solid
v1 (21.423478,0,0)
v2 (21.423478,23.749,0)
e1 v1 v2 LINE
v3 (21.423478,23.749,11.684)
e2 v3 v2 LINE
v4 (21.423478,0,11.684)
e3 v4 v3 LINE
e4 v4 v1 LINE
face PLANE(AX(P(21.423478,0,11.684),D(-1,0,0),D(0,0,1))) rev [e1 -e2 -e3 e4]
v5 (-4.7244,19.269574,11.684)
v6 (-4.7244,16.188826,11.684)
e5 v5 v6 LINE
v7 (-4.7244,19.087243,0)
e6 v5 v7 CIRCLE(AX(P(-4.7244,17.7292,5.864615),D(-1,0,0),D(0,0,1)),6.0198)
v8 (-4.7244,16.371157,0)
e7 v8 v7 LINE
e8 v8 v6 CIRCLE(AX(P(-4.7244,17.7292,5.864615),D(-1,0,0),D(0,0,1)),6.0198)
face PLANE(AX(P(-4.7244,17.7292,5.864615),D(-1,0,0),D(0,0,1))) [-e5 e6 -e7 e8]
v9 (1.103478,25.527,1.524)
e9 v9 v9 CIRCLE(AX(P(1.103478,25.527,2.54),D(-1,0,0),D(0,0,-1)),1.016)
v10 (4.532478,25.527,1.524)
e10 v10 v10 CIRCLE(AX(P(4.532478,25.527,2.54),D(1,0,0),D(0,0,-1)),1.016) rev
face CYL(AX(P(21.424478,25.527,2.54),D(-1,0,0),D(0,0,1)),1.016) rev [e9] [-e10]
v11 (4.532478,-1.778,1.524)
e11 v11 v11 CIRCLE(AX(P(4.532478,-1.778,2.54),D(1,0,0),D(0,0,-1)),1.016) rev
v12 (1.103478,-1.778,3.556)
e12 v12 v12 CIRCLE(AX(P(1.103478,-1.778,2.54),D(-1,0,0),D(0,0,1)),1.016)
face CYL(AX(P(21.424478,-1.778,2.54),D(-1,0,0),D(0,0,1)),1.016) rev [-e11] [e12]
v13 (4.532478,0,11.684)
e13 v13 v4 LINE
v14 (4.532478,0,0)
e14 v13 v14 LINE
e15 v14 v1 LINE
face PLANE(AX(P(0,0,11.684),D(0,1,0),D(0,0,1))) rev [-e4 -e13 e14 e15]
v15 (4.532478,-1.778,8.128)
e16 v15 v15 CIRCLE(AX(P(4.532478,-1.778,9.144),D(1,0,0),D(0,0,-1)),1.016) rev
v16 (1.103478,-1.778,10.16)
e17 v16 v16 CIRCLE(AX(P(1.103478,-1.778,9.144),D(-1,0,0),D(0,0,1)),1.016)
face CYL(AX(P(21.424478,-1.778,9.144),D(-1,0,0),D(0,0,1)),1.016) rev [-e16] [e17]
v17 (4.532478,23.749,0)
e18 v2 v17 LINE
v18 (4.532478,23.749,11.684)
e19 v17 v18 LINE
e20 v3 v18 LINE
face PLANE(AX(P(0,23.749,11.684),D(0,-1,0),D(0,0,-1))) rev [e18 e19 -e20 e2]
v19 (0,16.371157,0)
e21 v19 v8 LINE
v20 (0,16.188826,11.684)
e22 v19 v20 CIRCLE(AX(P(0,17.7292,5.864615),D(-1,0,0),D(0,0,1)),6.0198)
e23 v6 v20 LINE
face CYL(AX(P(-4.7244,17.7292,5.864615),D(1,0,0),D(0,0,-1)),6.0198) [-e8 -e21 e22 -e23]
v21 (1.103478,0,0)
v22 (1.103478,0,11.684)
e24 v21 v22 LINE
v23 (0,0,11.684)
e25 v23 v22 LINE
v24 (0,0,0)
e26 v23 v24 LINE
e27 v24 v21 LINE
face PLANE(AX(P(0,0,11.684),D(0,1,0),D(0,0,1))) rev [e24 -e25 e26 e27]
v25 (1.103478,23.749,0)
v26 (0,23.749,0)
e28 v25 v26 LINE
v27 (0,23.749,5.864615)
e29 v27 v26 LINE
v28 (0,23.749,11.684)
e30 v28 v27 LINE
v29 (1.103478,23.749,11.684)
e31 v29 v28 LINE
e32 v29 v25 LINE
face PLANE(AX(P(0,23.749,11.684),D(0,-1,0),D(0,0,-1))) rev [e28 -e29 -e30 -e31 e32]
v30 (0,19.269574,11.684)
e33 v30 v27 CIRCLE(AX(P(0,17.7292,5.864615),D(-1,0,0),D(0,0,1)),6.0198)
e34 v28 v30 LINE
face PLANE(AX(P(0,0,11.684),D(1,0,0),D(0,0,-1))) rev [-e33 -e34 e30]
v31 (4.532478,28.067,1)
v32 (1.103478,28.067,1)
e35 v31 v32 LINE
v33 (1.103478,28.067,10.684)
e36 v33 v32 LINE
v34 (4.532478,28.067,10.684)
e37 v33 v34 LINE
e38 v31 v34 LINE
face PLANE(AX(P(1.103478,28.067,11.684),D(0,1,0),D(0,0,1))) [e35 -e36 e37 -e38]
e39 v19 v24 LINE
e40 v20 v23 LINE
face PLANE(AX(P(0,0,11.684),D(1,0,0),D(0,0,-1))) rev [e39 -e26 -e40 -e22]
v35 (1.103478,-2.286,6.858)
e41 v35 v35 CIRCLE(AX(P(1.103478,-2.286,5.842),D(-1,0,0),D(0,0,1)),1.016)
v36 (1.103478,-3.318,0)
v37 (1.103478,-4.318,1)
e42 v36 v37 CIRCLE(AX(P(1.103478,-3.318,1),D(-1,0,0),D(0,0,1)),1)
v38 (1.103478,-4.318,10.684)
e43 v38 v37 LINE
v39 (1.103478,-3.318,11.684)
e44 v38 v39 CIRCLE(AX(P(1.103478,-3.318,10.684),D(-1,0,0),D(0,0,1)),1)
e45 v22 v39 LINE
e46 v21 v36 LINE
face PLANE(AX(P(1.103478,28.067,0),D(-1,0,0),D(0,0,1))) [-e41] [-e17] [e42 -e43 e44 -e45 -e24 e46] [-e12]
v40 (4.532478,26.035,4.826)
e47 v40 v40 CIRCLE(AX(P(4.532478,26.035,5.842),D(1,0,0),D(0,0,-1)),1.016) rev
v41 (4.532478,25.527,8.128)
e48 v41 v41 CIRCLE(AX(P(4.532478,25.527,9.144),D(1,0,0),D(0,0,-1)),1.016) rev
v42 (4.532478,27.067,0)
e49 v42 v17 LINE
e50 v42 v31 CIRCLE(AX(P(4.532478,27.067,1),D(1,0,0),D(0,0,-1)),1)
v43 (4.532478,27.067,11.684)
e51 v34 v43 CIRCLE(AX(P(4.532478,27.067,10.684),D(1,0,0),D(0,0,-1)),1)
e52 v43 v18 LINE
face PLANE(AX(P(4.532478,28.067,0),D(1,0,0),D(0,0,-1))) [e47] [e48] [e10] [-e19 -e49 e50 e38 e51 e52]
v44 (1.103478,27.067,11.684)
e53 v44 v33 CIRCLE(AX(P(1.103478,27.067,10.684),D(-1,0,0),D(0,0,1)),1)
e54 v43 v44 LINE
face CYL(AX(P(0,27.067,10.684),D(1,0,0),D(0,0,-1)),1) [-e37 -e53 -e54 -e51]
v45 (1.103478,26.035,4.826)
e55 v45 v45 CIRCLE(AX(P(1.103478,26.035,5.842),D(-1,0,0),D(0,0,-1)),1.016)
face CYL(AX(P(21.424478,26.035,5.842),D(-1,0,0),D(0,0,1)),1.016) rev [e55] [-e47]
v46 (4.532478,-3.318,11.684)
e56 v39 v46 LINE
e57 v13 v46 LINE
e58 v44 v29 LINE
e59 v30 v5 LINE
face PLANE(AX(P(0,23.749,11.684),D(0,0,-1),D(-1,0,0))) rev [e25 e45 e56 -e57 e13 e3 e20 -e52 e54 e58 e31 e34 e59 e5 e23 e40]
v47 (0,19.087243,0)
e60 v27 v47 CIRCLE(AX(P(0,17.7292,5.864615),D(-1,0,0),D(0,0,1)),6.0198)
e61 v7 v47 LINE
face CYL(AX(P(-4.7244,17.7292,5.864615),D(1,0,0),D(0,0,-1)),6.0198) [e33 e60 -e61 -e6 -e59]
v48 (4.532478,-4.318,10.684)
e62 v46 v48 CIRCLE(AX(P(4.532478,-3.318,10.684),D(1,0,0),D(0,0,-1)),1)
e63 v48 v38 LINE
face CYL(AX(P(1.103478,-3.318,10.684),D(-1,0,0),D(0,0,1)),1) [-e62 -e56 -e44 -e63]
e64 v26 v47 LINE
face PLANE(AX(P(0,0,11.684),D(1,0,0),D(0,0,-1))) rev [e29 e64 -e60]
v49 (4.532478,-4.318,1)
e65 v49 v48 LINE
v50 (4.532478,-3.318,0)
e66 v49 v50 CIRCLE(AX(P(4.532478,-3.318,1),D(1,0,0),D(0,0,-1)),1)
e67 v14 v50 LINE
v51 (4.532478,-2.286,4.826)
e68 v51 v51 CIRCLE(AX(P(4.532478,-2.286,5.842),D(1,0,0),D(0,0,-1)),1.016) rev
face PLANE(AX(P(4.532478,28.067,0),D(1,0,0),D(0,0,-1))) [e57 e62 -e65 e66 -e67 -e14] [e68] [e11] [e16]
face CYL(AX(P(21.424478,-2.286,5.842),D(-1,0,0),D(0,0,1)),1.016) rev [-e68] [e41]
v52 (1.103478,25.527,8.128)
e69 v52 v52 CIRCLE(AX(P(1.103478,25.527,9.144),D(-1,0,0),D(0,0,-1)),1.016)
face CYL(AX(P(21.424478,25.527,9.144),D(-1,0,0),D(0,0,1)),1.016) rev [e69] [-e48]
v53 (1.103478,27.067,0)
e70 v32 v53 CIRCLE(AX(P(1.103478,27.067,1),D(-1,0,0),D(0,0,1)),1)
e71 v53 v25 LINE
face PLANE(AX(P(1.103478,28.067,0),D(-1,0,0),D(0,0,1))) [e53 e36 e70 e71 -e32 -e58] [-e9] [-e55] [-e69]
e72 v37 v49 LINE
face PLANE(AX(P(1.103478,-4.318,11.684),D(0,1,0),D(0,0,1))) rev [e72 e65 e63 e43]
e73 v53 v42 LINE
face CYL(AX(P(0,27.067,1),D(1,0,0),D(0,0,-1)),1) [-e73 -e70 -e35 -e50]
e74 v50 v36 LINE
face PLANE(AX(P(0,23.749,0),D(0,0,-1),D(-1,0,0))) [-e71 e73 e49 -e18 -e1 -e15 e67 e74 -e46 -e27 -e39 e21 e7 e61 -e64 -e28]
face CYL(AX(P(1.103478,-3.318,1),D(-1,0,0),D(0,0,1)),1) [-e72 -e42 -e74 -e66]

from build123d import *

# Parameters (mm, degrees)
ESQUISSE1_W             = 21.4234776
ESQUISSE1_H             = 23.749
BOSS_EXTRU_1_DEPTH      = 11.684
BOSS_EXTRU_2_DEPTH      = 4.318
BOSS_EXTRU_2_DEPTH_BACK = 28.067
ESQUISSE2_W             = 3.429
ESQUISSE2_H             = 11.684
ENL_V_MAT_EXTRU_1_REACH = 38.567
ESQUISSE4_R             = 1.016
CONG_1_R                = 1
ESQUISSE5_R             = 6.0198
BOSS_EXTRU_3_DEPTH      = 4.7244
ESQUISSE6_W             = 1
ESQUISSE6_H             = 23.749
ENL_V_MAT_EXTRU_2_DEPTH = 4.7244


with BuildPart() as part:
    # Esquisse1 → Boss.-Extru.1 (new body)
    with BuildSketch(Plane.XY):
        with Locations((10.7117388, 11.8745)):
            Rectangle(ESQUISSE1_W, ESQUISSE1_H)
    extrude(amount=BOSS_EXTRU_1_DEPTH)

    # Esquisse2 → Boss.-Extru.2 (add, two sides: drawn at the far end of the back side and taken through both)
    with BuildSketch(Plane.XZ.offset(-BOSS_EXTRU_2_DEPTH_BACK)):
        with Locations((2.8179776, 5.842)):
            Rectangle(ESQUISSE2_W, ESQUISSE2_H)
    extrude(amount=BOSS_EXTRU_2_DEPTH + BOSS_EXTRU_2_DEPTH_BACK)

    # Esquisse4 → Enlèv. mat.-Extru.1 (cut, up to next)
    with BuildSketch(Plane.ZY.offset(-1.1034776), mode=Mode.PRIVATE) as enl_v_mat_extru_1_sk1:
        with Locations((2.54, -1.778)):
            Circle(ESQUISSE4_R)
    enl_v_mat_extru_1_tool1 = extrude(enl_v_mat_extru_1_sk1.sketch, amount=-ENL_V_MAT_EXTRU_1_REACH, mode=Mode.PRIVATE) & part.part
    # Esquisse4 → Enlèv. mat.-Extru.1 (cut, up to next)
    with BuildSketch(Plane.ZY.offset(-1.1034776), mode=Mode.PRIVATE) as enl_v_mat_extru_1_sk2:
        with Locations((5.842, -2.286)):
            Circle(ESQUISSE4_R)
    enl_v_mat_extru_1_tool2 = extrude(enl_v_mat_extru_1_sk2.sketch, amount=-ENL_V_MAT_EXTRU_1_REACH, mode=Mode.PRIVATE) & part.part
    # Esquisse4 → Enlèv. mat.-Extru.1 (cut, up to next)
    with BuildSketch(Plane.ZY.offset(-1.1034776), mode=Mode.PRIVATE) as enl_v_mat_extru_1_sk3:
        with Locations((9.144, -1.778)):
            Circle(ESQUISSE4_R)
    enl_v_mat_extru_1_tool3 = extrude(enl_v_mat_extru_1_sk3.sketch, amount=-ENL_V_MAT_EXTRU_1_REACH, mode=Mode.PRIVATE) & part.part
    # Esquisse4 → Enlèv. mat.-Extru.1 (cut, up to next)
    with BuildSketch(Plane.ZY.offset(-1.1034776), mode=Mode.PRIVATE) as enl_v_mat_extru_1_sk4:
        with Locations(Location((9.144, 25.527, 0), (0, 0, 180))):
            Circle(ESQUISSE4_R)
    enl_v_mat_extru_1_tool4 = extrude(enl_v_mat_extru_1_sk4.sketch, amount=-ENL_V_MAT_EXTRU_1_REACH, mode=Mode.PRIVATE) & part.part
    # Esquisse4 → Enlèv. mat.-Extru.1 (cut, up to next)
    with BuildSketch(Plane.ZY.offset(-1.1034776), mode=Mode.PRIVATE) as enl_v_mat_extru_1_sk5:
        with Locations(Location((5.842, 26.035, 0), (0, 0, 180))):
            Circle(ESQUISSE4_R)
    enl_v_mat_extru_1_tool5 = extrude(enl_v_mat_extru_1_sk5.sketch, amount=-ENL_V_MAT_EXTRU_1_REACH, mode=Mode.PRIVATE) & part.part
    # Esquisse4 → Enlèv. mat.-Extru.1 (cut, up to next)
    with BuildSketch(Plane.ZY.offset(-1.1034776), mode=Mode.PRIVATE) as enl_v_mat_extru_1_sk6:
        with Locations(Location((2.54, 25.527, 0), (0, 0, 180))):
            Circle(ESQUISSE4_R)
    enl_v_mat_extru_1_tool6 = extrude(enl_v_mat_extru_1_sk6.sketch, amount=-ENL_V_MAT_EXTRU_1_REACH, mode=Mode.PRIVATE) & part.part
    add(enl_v_mat_extru_1_tool1.solids().sort_by_distance((1.103478, -1.778, 2.54))[0], mode=Mode.SUBTRACT)
    add(enl_v_mat_extru_1_tool2.solids().sort_by_distance((1.103478, -2.286, 5.842))[0], mode=Mode.SUBTRACT)
    add(enl_v_mat_extru_1_tool3.solids().sort_by_distance((1.103478, -1.778, 9.144))[0], mode=Mode.SUBTRACT)
    add(enl_v_mat_extru_1_tool4.solids().sort_by_distance((1.103478, 25.527, 9.144))[0], mode=Mode.SUBTRACT)
    add(enl_v_mat_extru_1_tool5.solids().sort_by_distance((1.103478, 26.035, 5.842))[0], mode=Mode.SUBTRACT)
    add(enl_v_mat_extru_1_tool6.solids().sort_by_distance((1.103478, 25.527, 2.54))[0], mode=Mode.SUBTRACT)

    # Congé1
    cong_1_edges = [part.edges().sort_by_distance(p)[0] for p in [
        (2.8179776, 28.067, 11.684),
        (2.8179776, 28.067, 0),
        (2.8179776, -4.318, 0),
        (2.8179776, -4.318, 11.684),
    ]]
    fillet(cong_1_edges, radius=CONG_1_R)

    # Esquisse5 → Boss.-Extru.3 (add)
    with BuildSketch(Plane.ZY):
        with Locations(Location((5.864615101, 17.7292, 0), (0, 0, 166.962066999))):
            Circle(ESQUISSE5_R)
    extrude(amount=BOSS_EXTRU_3_DEPTH)

    # Esquisse6 → Enlèv. mat.-Extru.2 (cut)
    with BuildSketch(Plane.ZY):
        with Locations((12.184, 11.8745)):
            Rectangle(ESQUISSE6_W, ESQUISSE6_H)
        with Locations((-0.5, 11.8745)):
            Rectangle(ESQUISSE6_W, ESQUISSE6_H)
    extrude(amount=ENL_V_MAT_EXTRU_2_DEPTH, mode=Mode.SUBTRACT)


solid = part.part
